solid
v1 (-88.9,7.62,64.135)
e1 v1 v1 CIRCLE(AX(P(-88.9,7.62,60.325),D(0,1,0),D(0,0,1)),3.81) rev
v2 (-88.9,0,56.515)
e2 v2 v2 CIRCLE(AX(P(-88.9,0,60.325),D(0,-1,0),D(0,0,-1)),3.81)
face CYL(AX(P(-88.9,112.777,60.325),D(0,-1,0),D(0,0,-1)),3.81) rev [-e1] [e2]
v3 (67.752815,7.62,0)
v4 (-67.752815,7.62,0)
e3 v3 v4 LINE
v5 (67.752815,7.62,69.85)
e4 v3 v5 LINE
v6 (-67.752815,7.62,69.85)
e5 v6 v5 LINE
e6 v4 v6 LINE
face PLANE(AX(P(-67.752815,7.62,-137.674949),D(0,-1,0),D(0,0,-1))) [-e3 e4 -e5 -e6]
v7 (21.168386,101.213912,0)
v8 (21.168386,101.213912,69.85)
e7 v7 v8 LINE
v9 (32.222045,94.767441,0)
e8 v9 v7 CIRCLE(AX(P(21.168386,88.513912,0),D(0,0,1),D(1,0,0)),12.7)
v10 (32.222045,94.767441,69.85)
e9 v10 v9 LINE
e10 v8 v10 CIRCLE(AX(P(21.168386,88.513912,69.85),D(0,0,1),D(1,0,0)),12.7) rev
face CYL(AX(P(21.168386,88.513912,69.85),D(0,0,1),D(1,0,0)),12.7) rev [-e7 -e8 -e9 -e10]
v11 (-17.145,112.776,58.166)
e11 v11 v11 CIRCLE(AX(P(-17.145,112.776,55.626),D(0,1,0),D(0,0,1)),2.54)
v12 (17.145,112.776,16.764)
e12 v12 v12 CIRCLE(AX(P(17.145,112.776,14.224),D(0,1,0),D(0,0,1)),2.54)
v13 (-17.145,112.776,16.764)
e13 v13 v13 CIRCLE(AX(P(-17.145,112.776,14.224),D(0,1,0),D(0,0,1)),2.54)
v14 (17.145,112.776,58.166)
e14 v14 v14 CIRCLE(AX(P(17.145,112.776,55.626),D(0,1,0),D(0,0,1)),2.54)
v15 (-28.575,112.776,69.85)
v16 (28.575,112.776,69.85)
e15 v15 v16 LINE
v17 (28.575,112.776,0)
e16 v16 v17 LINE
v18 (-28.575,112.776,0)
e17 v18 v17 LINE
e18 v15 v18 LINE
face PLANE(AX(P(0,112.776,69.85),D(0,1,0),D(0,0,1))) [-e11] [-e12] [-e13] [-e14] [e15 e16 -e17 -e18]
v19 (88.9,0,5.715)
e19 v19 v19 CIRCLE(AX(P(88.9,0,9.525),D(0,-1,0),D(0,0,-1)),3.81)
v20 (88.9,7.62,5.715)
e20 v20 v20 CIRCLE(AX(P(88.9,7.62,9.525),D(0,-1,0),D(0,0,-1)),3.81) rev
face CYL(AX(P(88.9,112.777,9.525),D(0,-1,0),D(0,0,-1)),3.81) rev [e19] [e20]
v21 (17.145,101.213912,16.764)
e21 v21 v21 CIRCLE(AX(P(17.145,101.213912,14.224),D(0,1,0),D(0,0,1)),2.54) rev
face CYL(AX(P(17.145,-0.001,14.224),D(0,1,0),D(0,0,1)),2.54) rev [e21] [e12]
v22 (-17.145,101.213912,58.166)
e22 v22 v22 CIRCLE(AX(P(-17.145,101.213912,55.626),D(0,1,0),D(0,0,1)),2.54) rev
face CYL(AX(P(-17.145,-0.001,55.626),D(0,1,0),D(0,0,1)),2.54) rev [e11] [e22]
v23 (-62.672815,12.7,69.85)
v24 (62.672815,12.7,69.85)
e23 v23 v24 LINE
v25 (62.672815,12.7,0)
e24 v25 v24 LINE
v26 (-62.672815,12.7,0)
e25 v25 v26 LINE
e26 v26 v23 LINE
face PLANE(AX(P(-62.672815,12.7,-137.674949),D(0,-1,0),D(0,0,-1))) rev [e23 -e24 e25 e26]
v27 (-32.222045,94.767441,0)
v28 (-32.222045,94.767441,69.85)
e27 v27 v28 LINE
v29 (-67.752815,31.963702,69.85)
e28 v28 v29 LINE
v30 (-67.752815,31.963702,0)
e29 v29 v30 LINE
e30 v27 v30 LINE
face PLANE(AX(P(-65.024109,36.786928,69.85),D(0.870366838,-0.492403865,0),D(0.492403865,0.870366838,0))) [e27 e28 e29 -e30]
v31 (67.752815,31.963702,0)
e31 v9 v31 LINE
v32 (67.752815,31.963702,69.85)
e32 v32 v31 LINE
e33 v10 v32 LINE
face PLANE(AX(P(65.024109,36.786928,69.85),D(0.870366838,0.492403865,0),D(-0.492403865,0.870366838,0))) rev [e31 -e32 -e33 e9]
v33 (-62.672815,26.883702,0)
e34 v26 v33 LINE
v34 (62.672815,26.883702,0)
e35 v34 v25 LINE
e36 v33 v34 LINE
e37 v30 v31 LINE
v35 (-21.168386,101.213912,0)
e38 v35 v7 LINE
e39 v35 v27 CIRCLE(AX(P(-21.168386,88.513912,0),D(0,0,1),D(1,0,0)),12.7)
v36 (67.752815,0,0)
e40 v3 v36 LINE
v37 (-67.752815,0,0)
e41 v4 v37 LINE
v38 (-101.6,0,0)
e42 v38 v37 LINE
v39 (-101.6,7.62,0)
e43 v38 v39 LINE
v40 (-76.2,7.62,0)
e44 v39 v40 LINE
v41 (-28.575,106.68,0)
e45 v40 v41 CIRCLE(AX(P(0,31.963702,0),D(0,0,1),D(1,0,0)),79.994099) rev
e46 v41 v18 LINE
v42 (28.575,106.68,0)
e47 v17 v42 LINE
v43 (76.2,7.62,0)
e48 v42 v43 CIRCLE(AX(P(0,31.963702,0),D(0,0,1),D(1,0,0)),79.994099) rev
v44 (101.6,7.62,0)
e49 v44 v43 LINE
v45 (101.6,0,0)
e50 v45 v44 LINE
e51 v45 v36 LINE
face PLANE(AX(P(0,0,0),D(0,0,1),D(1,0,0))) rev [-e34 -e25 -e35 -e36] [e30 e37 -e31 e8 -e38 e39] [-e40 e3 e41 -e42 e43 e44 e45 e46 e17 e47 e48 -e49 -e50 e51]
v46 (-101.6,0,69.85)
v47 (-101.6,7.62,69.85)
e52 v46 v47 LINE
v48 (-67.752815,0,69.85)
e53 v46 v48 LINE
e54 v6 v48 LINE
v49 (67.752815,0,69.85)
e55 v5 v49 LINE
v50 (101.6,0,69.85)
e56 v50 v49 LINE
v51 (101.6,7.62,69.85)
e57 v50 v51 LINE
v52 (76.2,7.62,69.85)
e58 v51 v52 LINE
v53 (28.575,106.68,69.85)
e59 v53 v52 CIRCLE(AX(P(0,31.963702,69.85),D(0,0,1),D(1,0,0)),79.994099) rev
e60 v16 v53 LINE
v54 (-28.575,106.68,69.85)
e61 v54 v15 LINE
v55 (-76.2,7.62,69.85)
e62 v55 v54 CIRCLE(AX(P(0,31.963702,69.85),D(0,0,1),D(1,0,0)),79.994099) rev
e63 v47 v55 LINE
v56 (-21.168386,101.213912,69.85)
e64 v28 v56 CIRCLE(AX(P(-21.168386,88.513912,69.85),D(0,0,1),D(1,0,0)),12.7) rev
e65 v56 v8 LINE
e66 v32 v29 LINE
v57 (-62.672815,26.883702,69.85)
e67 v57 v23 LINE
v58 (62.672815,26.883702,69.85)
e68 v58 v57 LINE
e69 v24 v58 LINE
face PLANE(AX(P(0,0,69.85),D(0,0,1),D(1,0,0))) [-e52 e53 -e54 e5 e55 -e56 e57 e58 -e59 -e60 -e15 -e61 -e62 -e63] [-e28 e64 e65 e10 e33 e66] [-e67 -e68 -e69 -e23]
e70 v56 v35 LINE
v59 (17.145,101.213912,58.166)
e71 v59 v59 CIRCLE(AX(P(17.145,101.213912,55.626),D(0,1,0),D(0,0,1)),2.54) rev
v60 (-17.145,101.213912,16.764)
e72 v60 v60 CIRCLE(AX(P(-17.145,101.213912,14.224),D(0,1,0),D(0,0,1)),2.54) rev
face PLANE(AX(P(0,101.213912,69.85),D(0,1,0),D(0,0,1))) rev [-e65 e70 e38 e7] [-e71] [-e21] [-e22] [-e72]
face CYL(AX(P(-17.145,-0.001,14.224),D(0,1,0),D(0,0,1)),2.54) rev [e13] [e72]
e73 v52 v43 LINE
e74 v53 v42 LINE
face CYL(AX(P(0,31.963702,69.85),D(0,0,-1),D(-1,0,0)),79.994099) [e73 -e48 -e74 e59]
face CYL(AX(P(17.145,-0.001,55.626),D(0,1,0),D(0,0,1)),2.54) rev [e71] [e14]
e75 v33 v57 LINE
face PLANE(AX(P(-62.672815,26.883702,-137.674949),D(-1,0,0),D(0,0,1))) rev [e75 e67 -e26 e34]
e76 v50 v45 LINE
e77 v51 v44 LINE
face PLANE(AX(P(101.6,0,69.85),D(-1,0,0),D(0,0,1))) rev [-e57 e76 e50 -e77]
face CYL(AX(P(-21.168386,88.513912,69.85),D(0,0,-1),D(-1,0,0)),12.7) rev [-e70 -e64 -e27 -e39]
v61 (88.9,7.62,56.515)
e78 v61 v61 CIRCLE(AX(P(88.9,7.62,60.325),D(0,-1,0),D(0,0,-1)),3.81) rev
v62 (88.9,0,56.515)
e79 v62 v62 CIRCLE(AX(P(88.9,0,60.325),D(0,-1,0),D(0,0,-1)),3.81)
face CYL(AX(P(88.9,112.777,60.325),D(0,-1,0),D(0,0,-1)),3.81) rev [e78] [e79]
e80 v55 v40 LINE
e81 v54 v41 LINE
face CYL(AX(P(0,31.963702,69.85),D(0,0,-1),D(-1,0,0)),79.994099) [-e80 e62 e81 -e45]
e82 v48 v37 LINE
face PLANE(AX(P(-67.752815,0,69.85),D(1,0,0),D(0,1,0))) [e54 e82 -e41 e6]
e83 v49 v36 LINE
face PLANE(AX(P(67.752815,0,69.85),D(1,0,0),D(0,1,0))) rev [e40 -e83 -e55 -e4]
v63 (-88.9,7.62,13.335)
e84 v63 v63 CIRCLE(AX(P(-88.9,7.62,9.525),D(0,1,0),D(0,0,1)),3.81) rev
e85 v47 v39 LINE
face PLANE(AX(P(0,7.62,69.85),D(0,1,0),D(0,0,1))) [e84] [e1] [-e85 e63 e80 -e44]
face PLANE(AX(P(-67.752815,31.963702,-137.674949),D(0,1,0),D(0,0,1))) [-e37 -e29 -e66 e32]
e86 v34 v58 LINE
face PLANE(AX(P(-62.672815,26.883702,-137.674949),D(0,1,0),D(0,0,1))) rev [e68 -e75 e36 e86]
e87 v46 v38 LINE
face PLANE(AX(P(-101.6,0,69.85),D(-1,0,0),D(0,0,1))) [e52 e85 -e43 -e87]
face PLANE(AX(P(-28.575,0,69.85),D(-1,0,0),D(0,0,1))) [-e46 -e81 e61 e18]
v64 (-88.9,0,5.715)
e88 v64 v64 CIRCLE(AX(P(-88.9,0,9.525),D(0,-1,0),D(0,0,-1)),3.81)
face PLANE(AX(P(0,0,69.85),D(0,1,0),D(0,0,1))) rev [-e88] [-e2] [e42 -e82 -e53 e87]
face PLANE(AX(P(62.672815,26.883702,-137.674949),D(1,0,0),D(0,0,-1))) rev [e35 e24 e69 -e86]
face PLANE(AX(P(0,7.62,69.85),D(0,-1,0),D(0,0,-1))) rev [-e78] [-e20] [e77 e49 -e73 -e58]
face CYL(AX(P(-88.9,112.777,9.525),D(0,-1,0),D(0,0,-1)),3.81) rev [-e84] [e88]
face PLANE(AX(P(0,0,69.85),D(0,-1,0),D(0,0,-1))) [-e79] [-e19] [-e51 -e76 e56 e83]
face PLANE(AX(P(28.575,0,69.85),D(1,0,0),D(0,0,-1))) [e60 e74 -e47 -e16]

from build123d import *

# Parameters (mm, degrees)
BOSS_EXTRUDE1_DEPTH = 69.85
SKETCH2_W           = 135.505629996
SKETCH2_H           = 24.343701923
SKETCH2_W_2         = 125.345629996
SKETCH2_H_2         = 14.183701923
BOSS_EXTRUDE2_DEPTH = 69.85
CUT_EXTRUDE1_REACH  = 169.093
SKETCH3_R           = 3.81
CUT_EXTRUDE2_REACH  = 169.093
FILLET1_R           = 12.7


with BuildPart() as part:
    # Sketch1 → Boss-Extrude1 (new body)
    with BuildSketch(Plane.XY):
        with BuildLine():
            ThreePointArc((-28.575, 101.213911712), (-14.56545796, 105.448187464), (0, 106.877800601))
            Line((0, 106.877800601), (0, 112.776))
            Line((0, 112.776), (-28.575, 112.776))
            Line((-28.575, 112.776), (-28.575, 106.68))
            ThreePointArc((-28.575, 106.68), (-72.094875381, 66.624699703), (-76.2, 7.62))
            Line((-76.2, 7.62), (-101.6, 7.62))
            Line((-101.6, 7.62), (-101.6, 0))
            Line((-101.6, 0), (-67.752814998, 0))
            ThreePointArc((-67.752814998, 0), (-74.914098678, 31.963701923), (-67.752814998, 63.927403846))
            ThreePointArc((-67.752814998, 63.927403846), (-51.64622835, 86.229614594), (-28.575, 101.213911712))
        make_face()
        with BuildLine():
            Line((67.752814998, 0), (101.6, 0))
            Line((101.6, 0), (101.6, 7.62))
            Line((101.6, 7.62), (76.2, 7.62))
            ThreePointArc((76.2, 7.62), (72.094875381, 66.624699703), (28.575, 106.68))
            Line((28.575, 106.68), (28.575, 112.776))
            Line((28.575, 112.776), (0, 112.776))
            Line((0, 112.776), (0, 106.877800601))
            ThreePointArc((0, 106.877800601), (14.56545796, 105.448187464), (28.575, 101.213911712))
            ThreePointArc((28.575, 101.213911712), (51.64622835, 86.229614594), (67.752814998, 63.927403846))
            ThreePointArc((67.752814998, 63.927403846), (74.914098678, 31.963701923), (67.752814998, 0))
        make_face()
        with BuildLine():
            Line((28.575, 101.213911712), (67.752814998, 31.963701923))
            Line((67.752814998, 31.963701923), (67.752814998, 63.927403846))
            ThreePointArc((67.752814998, 63.927403846), (51.64622835, 86.229614594), (28.575, 101.213911712))
        make_face()
        with BuildLine():
            Line((0, 101.213911712), (28.575, 101.213911712))
            ThreePointArc((28.575, 101.213911712), (14.56545796, 105.448187464), (0, 106.877800601))
            Line((0, 106.877800601), (0, 101.213911712))
        make_face()
        with BuildLine():
            Line((-28.575, 101.213911712), (0, 101.213911712))
            Line((0, 101.213911712), (0, 106.877800601))
            ThreePointArc((0, 106.877800601), (-14.56545796, 105.448187464), (-28.575, 101.213911712))
        make_face()
        with BuildLine():
            Line((-67.752814998, 31.963701923), (-28.575, 101.213911712))
            ThreePointArc((-28.575, 101.213911712), (-51.64622835, 86.229614594), (-67.752814998, 63.927403846))
            Line((-67.752814998, 63.927403846), (-67.752814998, 31.963701923))
        make_face()
        with BuildLine():
            Line((-67.752814998, 0), (-67.752814998, 31.963701923))
            Line((-67.752814998, 31.963701923), (-67.752814998, 63.927403846))
            ThreePointArc((-67.752814998, 63.927403846), (-74.914098678, 31.963701923), (-67.752814998, 0))
        make_face()
        with BuildLine():
            Line((67.752814998, 31.963701923), (67.752814998, 0))
            ThreePointArc((67.752814998, 0), (74.914098678, 31.963701923), (67.752814998, 63.927403846))
            Line((67.752814998, 63.927403846), (67.752814998, 31.963701923))
        make_face()
    extrude(amount=BOSS_EXTRUDE1_DEPTH)

    # Sketch2 → Boss-Extrude2 (add)
    with BuildSketch(Plane.XY.offset(69.85)):
        with Locations((0, 19.791850961)):
            Rectangle(SKETCH2_W, SKETCH2_H)
        with Locations((0, 19.791850961)):
            Rectangle(SKETCH2_W_2, SKETCH2_H_2, mode=Mode.SUBTRACT)
    extrude(amount=-BOSS_EXTRUDE2_DEPTH)

    # Sketch3 → Cut-Extrude1 (cut, up to next)
    with BuildSketch(Plane(origin=(0, 0, 0), x_dir=(-1, 0, 0), z_dir=(0, -1, 0)), mode=Mode.PRIVATE) as cut_extrude1_sk1:
        with Locations(Location((88.9, -60.325, 0), (0, 0, 90))):
            Circle(SKETCH3_R)
    cut_extrude1_tool1 = extrude(cut_extrude1_sk1.sketch, amount=-CUT_EXTRUDE1_REACH, mode=Mode.PRIVATE) & part.part
    # Sketch3 → Cut-Extrude1 (cut, up to next)
    with BuildSketch(Plane(origin=(0, 0, 0), x_dir=(-1, 0, 0), z_dir=(0, -1, 0)), mode=Mode.PRIVATE) as cut_extrude1_sk2:
        with Locations(Location((88.9, -9.525, 0), (0, 0, 90))):
            Circle(SKETCH3_R)
    cut_extrude1_tool2 = extrude(cut_extrude1_sk2.sketch, amount=-CUT_EXTRUDE1_REACH, mode=Mode.PRIVATE) & part.part
    # Sketch3 → Cut-Extrude1 (cut, up to next)
    with BuildSketch(Plane(origin=(0, 0, 0), x_dir=(-1, 0, 0), z_dir=(0, -1, 0)), mode=Mode.PRIVATE) as cut_extrude1_sk3:
        with Locations(Location((-88.9, -9.525, 0), (0, 0, 90))):
            Circle(SKETCH3_R)
    cut_extrude1_tool3 = extrude(cut_extrude1_sk3.sketch, amount=-CUT_EXTRUDE1_REACH, mode=Mode.PRIVATE) & part.part
    # Sketch3 → Cut-Extrude1 (cut, up to next)
    with BuildSketch(Plane(origin=(0, 0, 0), x_dir=(-1, 0, 0), z_dir=(0, -1, 0)), mode=Mode.PRIVATE) as cut_extrude1_sk4:
        with Locations(Location((-88.9, -60.325, 0), (0, 0, 90))):
            Circle(SKETCH3_R)
    cut_extrude1_tool4 = extrude(cut_extrude1_sk4.sketch, amount=-CUT_EXTRUDE1_REACH, mode=Mode.PRIVATE) & part.part
    add(cut_extrude1_tool1.solids().sort_by_distance((-88.9, 0, 60.325))[0], mode=Mode.SUBTRACT)
    add(cut_extrude1_tool2.solids().sort_by_distance((-88.9, 0, 9.525))[0], mode=Mode.SUBTRACT)
    add(cut_extrude1_tool3.solids().sort_by_distance((88.9, 0, 9.525))[0], mode=Mode.SUBTRACT)
    add(cut_extrude1_tool4.solids().sort_by_distance((88.9, 0, 60.325))[0], mode=Mode.SUBTRACT)

    # Sketch4 → Cut-Extrude2 (cut, up to next)
    with BuildSketch(Plane(origin=(0, 112.776, 0), x_dir=(1, 0, 0), z_dir=(0, 1, 0)), mode=Mode.PRIVATE) as cut_extrude2_sk1:
        with BuildLine():
            ThreePointArc((-14.605, -14.224), (-18.941051224, -12.427948776), (-17.145, -16.764))
            Line((-17.145, -16.764), (-17.145, -14.224))
            Line((-17.145, -14.224), (-14.605, -14.224))
        make_face()
    cut_extrude2_tool1 = extrude(cut_extrude2_sk1.sketch, amount=-CUT_EXTRUDE2_REACH, mode=Mode.PRIVATE) & part.part
    # Sketch4 → Cut-Extrude2 (cut, up to next)
    with BuildSketch(Plane(origin=(0, 112.776, 0), x_dir=(1, 0, 0), z_dir=(0, 1, 0)), mode=Mode.PRIVATE) as cut_extrude2_sk2:
        with BuildLine():
            Line((-17.145, -14.224), (-17.145, -16.764))
            ThreePointArc((-17.145, -16.764), (-15.348948776, -16.020051224), (-14.605, -14.224))
            Line((-14.605, -14.224), (-17.145, -14.224))
        make_face()
    cut_extrude2_tool2 = extrude(cut_extrude2_sk2.sketch, amount=-CUT_EXTRUDE2_REACH, mode=Mode.PRIVATE) & part.part
    # Sketch4 → Cut-Extrude2 (cut, up to next)
    with BuildSketch(Plane(origin=(0, 112.776, 0), x_dir=(1, 0, 0), z_dir=(0, 1, 0)), mode=Mode.PRIVATE) as cut_extrude2_sk3:
        with BuildLine():
            ThreePointArc((14.605, -14.224), (15.348948776, -16.020051224), (17.145, -16.764))
            Line((17.145, -16.764), (17.145, -14.224))
            Line((17.145, -14.224), (14.605, -14.224))
        make_face()
    cut_extrude2_tool3 = extrude(cut_extrude2_sk3.sketch, amount=-CUT_EXTRUDE2_REACH, mode=Mode.PRIVATE) & part.part
    # Sketch4 → Cut-Extrude2 (cut, up to next)
    with BuildSketch(Plane(origin=(0, 112.776, 0), x_dir=(1, 0, 0), z_dir=(0, 1, 0)), mode=Mode.PRIVATE) as cut_extrude2_sk4:
        with BuildLine():
            Line((17.145, -14.224), (17.145, -16.764))
            ThreePointArc((17.145, -16.764), (18.941051224, -16.020051224), (19.685, -14.224))
            ThreePointArc((19.685, -14.224), (17.145, -11.684), (14.605, -14.224))
            Line((14.605, -14.224), (17.145, -14.224))
        make_face()
    cut_extrude2_tool4 = extrude(cut_extrude2_sk4.sketch, amount=-CUT_EXTRUDE2_REACH, mode=Mode.PRIVATE) & part.part
    # Sketch4 → Cut-Extrude2 (cut, up to next)
    with BuildSketch(Plane(origin=(0, 112.776, 0), x_dir=(1, 0, 0), z_dir=(0, 1, 0)), mode=Mode.PRIVATE) as cut_extrude2_sk5:
        with BuildLine():
            ThreePointArc((17.145, -53.086), (15.348948776, -53.829948776), (14.605, -55.626))
            Line((14.605, -55.626), (17.145, -55.626))
            Line((17.145, -55.626), (17.145, -53.086))
        make_face()
    cut_extrude2_tool5 = extrude(cut_extrude2_sk5.sketch, amount=-CUT_EXTRUDE2_REACH, mode=Mode.PRIVATE) & part.part
    # Sketch4 → Cut-Extrude2 (cut, up to next)
    with BuildSketch(Plane(origin=(0, 112.776, 0), x_dir=(1, 0, 0), z_dir=(0, 1, 0)), mode=Mode.PRIVATE) as cut_extrude2_sk6:
        with BuildLine():
            Line((17.145, -55.626), (14.605, -55.626))
            ThreePointArc((14.605, -55.626), (17.145, -58.166), (19.685, -55.626))
            ThreePointArc((19.685, -55.626), (18.941051224, -53.829948776), (17.145, -53.086))
            Line((17.145, -53.086), (17.145, -55.626))
        make_face()
    cut_extrude2_tool6 = extrude(cut_extrude2_sk6.sketch, amount=-CUT_EXTRUDE2_REACH, mode=Mode.PRIVATE) & part.part
    # Sketch4 → Cut-Extrude2 (cut, up to next)
    with BuildSketch(Plane(origin=(0, 112.776, 0), x_dir=(1, 0, 0), z_dir=(0, 1, 0)), mode=Mode.PRIVATE) as cut_extrude2_sk7:
        with BuildLine():
            ThreePointArc((-17.145, -53.086), (-18.941051224, -57.422051224), (-14.605, -55.626))
            Line((-14.605, -55.626), (-17.145, -55.626))
            Line((-17.145, -55.626), (-17.145, -53.086))
        make_face()
    cut_extrude2_tool7 = extrude(cut_extrude2_sk7.sketch, amount=-CUT_EXTRUDE2_REACH, mode=Mode.PRIVATE) & part.part
    # Sketch4 → Cut-Extrude2 (cut, up to next)
    with BuildSketch(Plane(origin=(0, 112.776, 0), x_dir=(1, 0, 0), z_dir=(0, 1, 0)), mode=Mode.PRIVATE) as cut_extrude2_sk8:
        with BuildLine():
            Line((-17.145, -55.626), (-14.605, -55.626))
            ThreePointArc((-14.605, -55.626), (-15.348948776, -53.829948776), (-17.145, -53.086))
            Line((-17.145, -53.086), (-17.145, -55.626))
        make_face()
    cut_extrude2_tool8 = extrude(cut_extrude2_sk8.sketch, amount=-CUT_EXTRUDE2_REACH, mode=Mode.PRIVATE) & part.part
    # Sketch4 → Cut-Extrude2 (cut, up to next)
    with BuildSketch(Plane(origin=(0, 112.776, 0), x_dir=(1, 0, 0), z_dir=(0, 1, 0)), mode=Mode.PRIVATE) as cut_extrude2_sk9:
        with BuildLine():
            ThreePointArc((-17.145, -53.086), (-18.941051224, -57.422051224), (-14.605, -55.626))
            Line((-14.605, -55.626), (-17.145, -55.626))
            Line((-17.145, -55.626), (-17.145, -53.086))
        make_face()
    cut_extrude2_tool9 = extrude(cut_extrude2_sk9.sketch, amount=-CUT_EXTRUDE2_REACH, mode=Mode.PRIVATE) & part.part
    # Sketch4 → Cut-Extrude2 (cut, up to next)
    with BuildSketch(Plane(origin=(0, 112.776, 0), x_dir=(1, 0, 0), z_dir=(0, 1, 0)), mode=Mode.PRIVATE) as cut_extrude2_sk10:
        with BuildLine():
            Line((-17.145, -55.626), (-14.605, -55.626))
            ThreePointArc((-14.605, -55.626), (-15.348948776, -53.829948776), (-17.145, -53.086))
            Line((-17.145, -53.086), (-17.145, -55.626))
        make_face()
    cut_extrude2_tool10 = extrude(cut_extrude2_sk10.sketch, amount=-CUT_EXTRUDE2_REACH, mode=Mode.PRIVATE) & part.part
    # Sketch4 → Cut-Extrude2 (cut, up to next)
    with BuildSketch(Plane(origin=(0, 112.776, 0), x_dir=(1, 0, 0), z_dir=(0, 1, 0)), mode=Mode.PRIVATE) as cut_extrude2_sk11:
        with BuildLine():
            ThreePointArc((-14.605, -14.224), (-18.941051224, -12.427948776), (-17.145, -16.764))
            Line((-17.145, -16.764), (-17.145, -14.224))
            Line((-17.145, -14.224), (-14.605, -14.224))
        make_face()
    cut_extrude2_tool11 = extrude(cut_extrude2_sk11.sketch, amount=-CUT_EXTRUDE2_REACH, mode=Mode.PRIVATE) & part.part
    # Sketch4 → Cut-Extrude2 (cut, up to next)
    with BuildSketch(Plane(origin=(0, 112.776, 0), x_dir=(1, 0, 0), z_dir=(0, 1, 0)), mode=Mode.PRIVATE) as cut_extrude2_sk12:
        with BuildLine():
            Line((-17.145, -14.224), (-17.145, -16.764))
            ThreePointArc((-17.145, -16.764), (-15.348948776, -16.020051224), (-14.605, -14.224))
            Line((-14.605, -14.224), (-17.145, -14.224))
        make_face()
    cut_extrude2_tool12 = extrude(cut_extrude2_sk12.sketch, amount=-CUT_EXTRUDE2_REACH, mode=Mode.PRIVATE) & part.part
    # Sketch4 → Cut-Extrude2 (cut, up to next)
    with BuildSketch(Plane(origin=(0, 112.776, 0), x_dir=(1, 0, 0), z_dir=(0, 1, 0)), mode=Mode.PRIVATE) as cut_extrude2_sk13:
        with BuildLine():
            ThreePointArc((14.605, -14.224), (15.348948776, -16.020051224), (17.145, -16.764))
            Line((17.145, -16.764), (17.145, -14.224))
            Line((17.145, -14.224), (14.605, -14.224))
        make_face()
    cut_extrude2_tool13 = extrude(cut_extrude2_sk13.sketch, amount=-CUT_EXTRUDE2_REACH, mode=Mode.PRIVATE) & part.part
    # Sketch4 → Cut-Extrude2 (cut, up to next)
    with BuildSketch(Plane(origin=(0, 112.776, 0), x_dir=(1, 0, 0), z_dir=(0, 1, 0)), mode=Mode.PRIVATE) as cut_extrude2_sk14:
        with BuildLine():
            Line((17.145, -14.224), (17.145, -16.764))
            ThreePointArc((17.145, -16.764), (18.941051224, -16.020051224), (19.685, -14.224))
            ThreePointArc((19.685, -14.224), (17.145, -11.684), (14.605, -14.224))
            Line((14.605, -14.224), (17.145, -14.224))
        make_face()
    cut_extrude2_tool14 = extrude(cut_extrude2_sk14.sketch, amount=-CUT_EXTRUDE2_REACH, mode=Mode.PRIVATE) & part.part
    # Sketch4 → Cut-Extrude2 (cut, up to next)
    with BuildSketch(Plane(origin=(0, 112.776, 0), x_dir=(1, 0, 0), z_dir=(0, 1, 0)), mode=Mode.PRIVATE) as cut_extrude2_sk15:
        with BuildLine():
            ThreePointArc((17.145, -53.086), (15.348948776, -53.829948776), (14.605, -55.626))
            Line((14.605, -55.626), (17.145, -55.626))
            Line((17.145, -55.626), (17.145, -53.086))
        make_face()
    cut_extrude2_tool15 = extrude(cut_extrude2_sk15.sketch, amount=-CUT_EXTRUDE2_REACH, mode=Mode.PRIVATE) & part.part
    # Sketch4 → Cut-Extrude2 (cut, up to next)
    with BuildSketch(Plane(origin=(0, 112.776, 0), x_dir=(1, 0, 0), z_dir=(0, 1, 0)), mode=Mode.PRIVATE) as cut_extrude2_sk16:
        with BuildLine():
            Line((17.145, -55.626), (14.605, -55.626))
            ThreePointArc((14.605, -55.626), (17.145, -58.166), (19.685, -55.626))
            ThreePointArc((19.685, -55.626), (18.941051224, -53.829948776), (17.145, -53.086))
            Line((17.145, -53.086), (17.145, -55.626))
        make_face()
    cut_extrude2_tool16 = extrude(cut_extrude2_sk16.sketch, amount=-CUT_EXTRUDE2_REACH, mode=Mode.PRIVATE) & part.part
    add(cut_extrude2_tool1.solids().sort_by_distance((-17.504336, 112.776, 13.864664))[0], mode=Mode.SUBTRACT)
    add(cut_extrude2_tool2.solids().sort_by_distance((-16.066991, 112.776, 15.302009))[0], mode=Mode.SUBTRACT)
    add(cut_extrude2_tool3.solids().sort_by_distance((16.066991, 112.776, 15.302009))[0], mode=Mode.SUBTRACT)
    add(cut_extrude2_tool4.solids().sort_by_distance((17.504336, 112.776, 13.864664))[0], mode=Mode.SUBTRACT)
    add(cut_extrude2_tool5.solids().sort_by_distance((16.066991, 112.776, 54.547991))[0], mode=Mode.SUBTRACT)
    add(cut_extrude2_tool6.solids().sort_by_distance((17.504336, 112.776, 55.985336))[0], mode=Mode.SUBTRACT)
    add(cut_extrude2_tool7.solids().sort_by_distance((-17.504336, 112.776, 55.985336))[0], mode=Mode.SUBTRACT)
    add(cut_extrude2_tool8.solids().sort_by_distance((-16.066991, 112.776, 54.547991))[0], mode=Mode.SUBTRACT)
    add(cut_extrude2_tool9.solids().sort_by_distance((-17.504336, 112.776, 55.985336))[0], mode=Mode.SUBTRACT)
    add(cut_extrude2_tool10.solids().sort_by_distance((-16.066991, 112.776, 54.547991))[0], mode=Mode.SUBTRACT)
    add(cut_extrude2_tool11.solids().sort_by_distance((-17.504336, 112.776, 13.864664))[0], mode=Mode.SUBTRACT)
    add(cut_extrude2_tool12.solids().sort_by_distance((-16.066991, 112.776, 15.302009))[0], mode=Mode.SUBTRACT)
    add(cut_extrude2_tool13.solids().sort_by_distance((16.066991, 112.776, 15.302009))[0], mode=Mode.SUBTRACT)
    add(cut_extrude2_tool14.solids().sort_by_distance((17.504336, 112.776, 13.864664))[0], mode=Mode.SUBTRACT)
    add(cut_extrude2_tool15.solids().sort_by_distance((16.066991, 112.776, 54.547991))[0], mode=Mode.SUBTRACT)
    add(cut_extrude2_tool16.solids().sort_by_distance((17.504336, 112.776, 55.985336))[0], mode=Mode.SUBTRACT)

    # Fillet1
    fillet1_edges = [part.edges().sort_by_distance(p)[0] for p in [
        (28.575, 101.213911712, 34.925),
        (-28.575, 101.213911712, 34.925),
    ]]
    fillet(fillet1_edges, radius=FILLET1_R)


solid = part.part
